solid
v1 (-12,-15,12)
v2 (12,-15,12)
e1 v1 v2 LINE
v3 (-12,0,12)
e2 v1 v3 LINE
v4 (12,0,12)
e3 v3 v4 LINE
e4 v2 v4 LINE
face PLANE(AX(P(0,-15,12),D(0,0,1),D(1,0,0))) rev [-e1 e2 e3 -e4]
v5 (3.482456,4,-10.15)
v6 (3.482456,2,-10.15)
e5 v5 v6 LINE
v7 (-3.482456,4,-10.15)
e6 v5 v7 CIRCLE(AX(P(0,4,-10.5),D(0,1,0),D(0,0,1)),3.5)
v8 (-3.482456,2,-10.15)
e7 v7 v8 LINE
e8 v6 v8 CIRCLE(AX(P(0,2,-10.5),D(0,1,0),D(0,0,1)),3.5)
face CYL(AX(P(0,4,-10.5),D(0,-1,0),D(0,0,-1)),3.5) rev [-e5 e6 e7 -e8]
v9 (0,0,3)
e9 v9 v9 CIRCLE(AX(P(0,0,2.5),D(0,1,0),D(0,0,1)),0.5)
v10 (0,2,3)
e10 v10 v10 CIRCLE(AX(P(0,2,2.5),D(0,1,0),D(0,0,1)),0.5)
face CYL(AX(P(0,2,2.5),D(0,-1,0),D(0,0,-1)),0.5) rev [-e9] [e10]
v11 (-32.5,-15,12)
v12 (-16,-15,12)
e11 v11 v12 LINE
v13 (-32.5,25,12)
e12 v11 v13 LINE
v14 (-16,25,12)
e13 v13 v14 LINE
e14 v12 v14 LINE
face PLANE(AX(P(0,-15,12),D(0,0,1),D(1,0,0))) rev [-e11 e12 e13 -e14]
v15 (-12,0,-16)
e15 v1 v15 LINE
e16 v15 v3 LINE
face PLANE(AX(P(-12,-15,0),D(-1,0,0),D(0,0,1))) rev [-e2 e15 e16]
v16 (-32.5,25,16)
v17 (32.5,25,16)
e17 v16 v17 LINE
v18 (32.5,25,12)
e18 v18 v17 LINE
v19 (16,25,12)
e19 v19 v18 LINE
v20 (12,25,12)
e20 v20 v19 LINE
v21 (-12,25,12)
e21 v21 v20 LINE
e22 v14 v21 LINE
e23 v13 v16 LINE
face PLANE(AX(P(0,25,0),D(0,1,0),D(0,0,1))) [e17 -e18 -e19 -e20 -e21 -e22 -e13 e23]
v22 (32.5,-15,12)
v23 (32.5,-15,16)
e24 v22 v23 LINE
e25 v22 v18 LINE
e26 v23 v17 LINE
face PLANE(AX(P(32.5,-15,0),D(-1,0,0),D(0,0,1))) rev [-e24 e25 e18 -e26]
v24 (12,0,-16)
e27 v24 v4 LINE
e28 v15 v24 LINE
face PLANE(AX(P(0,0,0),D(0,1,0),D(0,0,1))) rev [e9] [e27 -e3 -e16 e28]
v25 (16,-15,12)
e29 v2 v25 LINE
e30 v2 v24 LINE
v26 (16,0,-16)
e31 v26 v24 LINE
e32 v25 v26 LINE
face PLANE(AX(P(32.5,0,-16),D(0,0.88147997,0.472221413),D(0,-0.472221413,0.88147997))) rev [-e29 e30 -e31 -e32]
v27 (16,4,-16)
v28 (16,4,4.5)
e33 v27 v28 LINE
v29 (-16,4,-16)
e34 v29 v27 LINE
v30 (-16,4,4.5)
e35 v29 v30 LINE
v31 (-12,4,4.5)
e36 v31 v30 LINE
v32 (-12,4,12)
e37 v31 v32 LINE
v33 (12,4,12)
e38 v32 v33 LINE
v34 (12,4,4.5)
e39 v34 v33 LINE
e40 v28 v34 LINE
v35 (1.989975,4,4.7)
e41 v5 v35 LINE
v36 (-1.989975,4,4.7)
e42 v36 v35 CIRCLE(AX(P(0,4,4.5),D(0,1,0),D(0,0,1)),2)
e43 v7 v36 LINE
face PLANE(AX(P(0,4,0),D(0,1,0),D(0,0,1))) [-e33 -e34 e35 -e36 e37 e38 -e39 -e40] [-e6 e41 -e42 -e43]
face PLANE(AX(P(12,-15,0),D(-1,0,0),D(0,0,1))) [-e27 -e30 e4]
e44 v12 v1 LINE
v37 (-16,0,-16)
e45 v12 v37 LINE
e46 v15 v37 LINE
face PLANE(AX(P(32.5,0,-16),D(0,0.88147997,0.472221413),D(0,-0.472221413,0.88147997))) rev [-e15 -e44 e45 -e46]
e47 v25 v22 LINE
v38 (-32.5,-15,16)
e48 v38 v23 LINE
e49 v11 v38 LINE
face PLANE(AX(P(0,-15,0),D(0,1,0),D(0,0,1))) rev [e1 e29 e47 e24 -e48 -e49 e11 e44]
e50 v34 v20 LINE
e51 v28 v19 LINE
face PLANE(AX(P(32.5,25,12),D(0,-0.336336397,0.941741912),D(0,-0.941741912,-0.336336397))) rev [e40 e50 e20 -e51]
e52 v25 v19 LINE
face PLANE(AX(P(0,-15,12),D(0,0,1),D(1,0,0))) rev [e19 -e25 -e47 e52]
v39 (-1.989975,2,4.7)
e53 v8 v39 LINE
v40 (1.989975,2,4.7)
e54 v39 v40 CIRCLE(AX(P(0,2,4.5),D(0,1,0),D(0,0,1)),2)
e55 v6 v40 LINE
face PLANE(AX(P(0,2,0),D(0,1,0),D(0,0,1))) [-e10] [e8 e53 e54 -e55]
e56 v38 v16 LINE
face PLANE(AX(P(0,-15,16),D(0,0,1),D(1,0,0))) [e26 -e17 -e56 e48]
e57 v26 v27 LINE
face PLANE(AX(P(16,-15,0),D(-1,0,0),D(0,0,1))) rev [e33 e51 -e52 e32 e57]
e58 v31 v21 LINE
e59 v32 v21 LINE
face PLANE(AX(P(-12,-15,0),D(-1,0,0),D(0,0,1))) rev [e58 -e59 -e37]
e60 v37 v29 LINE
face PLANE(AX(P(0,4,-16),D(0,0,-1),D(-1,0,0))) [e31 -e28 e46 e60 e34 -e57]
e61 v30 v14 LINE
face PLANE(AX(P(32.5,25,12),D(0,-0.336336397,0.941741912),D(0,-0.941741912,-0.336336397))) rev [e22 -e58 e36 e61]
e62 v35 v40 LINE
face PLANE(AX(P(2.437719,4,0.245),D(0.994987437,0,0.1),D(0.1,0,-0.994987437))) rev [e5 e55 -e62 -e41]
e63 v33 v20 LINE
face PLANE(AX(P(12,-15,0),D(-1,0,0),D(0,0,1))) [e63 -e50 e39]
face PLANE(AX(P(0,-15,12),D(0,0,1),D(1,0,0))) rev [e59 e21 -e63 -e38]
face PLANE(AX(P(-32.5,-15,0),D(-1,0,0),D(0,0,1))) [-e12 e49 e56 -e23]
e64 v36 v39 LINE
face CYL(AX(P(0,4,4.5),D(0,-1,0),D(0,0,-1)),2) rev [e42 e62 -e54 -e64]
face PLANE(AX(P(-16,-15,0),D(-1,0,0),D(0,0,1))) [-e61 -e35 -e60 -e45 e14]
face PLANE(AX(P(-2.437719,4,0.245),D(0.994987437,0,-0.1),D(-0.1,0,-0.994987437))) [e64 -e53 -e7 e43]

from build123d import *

# Parameters (mm, degrees)
SKETCH_1_W               = 24
SKETCH_1_H               = 28
EXTRUDE_2_DEPTH          = 4
SKETCH_1_5_R             = 0.5
EXTRUDE_4_DEPTH          = 2
EXTRUDE_5_DEPTH          = 25
EXTRUDE_5_DEPTH_BACK     = 15
CUT_EXTRUDE_1_DEPTH      = 54.490653389
CUT_EXTRUDE_1_DEPTH_BACK = 54.490653389
CUT_EXTRUDE_2_DEPTH      = 54.490653389
CUT_EXTRUDE_2_DEPTH_BACK = 54.490653389
CUT_EXTRUDE_4_DEPTH      = 54.490653389
CUT_EXTRUDE_4_DEPTH_BACK = 54.490653389


with BuildPart() as part:
    # 草图1 → 凸台-拉伸2 (new body)
    with BuildSketch(Plane(origin=(0, 0, 0), x_dir=(1, 0, 0), z_dir=(0, 1, 0))):
        with Locations((0, 2)):
            Rectangle(SKETCH_1_W, SKETCH_1_H)
        with BuildLine():
            Line((-1.989974874, -4.7), (-3.48245603, 10.15))
            ThreePointArc((-3.48245603, 10.15), (-0.175219713, 13.995611256), (3.5, 10.5))
            ThreePointArc((3.5, 10.5), (3.495611256, 10.324780287), (3.48245603, 10.15))
            Line((3.48245603, 10.15), (1.989974874, -4.7))
            ThreePointArc((1.989974874, -4.7), (0, -6.5), (-1.989974874, -4.7))
        make_face(mode=Mode.SUBTRACT)
    extrude(amount=EXTRUDE_2_DEPTH)

    # 草图1<5> → 凸台-拉伸4 (add)
    with BuildSketch(Plane(origin=(0, 0, 0), x_dir=(1, 0, 0), z_dir=(0, 1, 0))):
        with BuildLine():
            Line((1.989974874, -4.7), (3.48245603, 10.15))
            ThreePointArc((3.48245603, 10.15), (0, 14), (-3.48245603, 10.15))
            Line((-3.48245603, 10.15), (-1.989974874, -4.7))
            ThreePointArc((-1.989974874, -4.7), (0, -6.5), (1.989974874, -4.7))
        make_face()
        with Locations((0, -2.5)):
            Circle(SKETCH_1_5_R, mode=Mode.SUBTRACT)
    extrude(amount=EXTRUDE_4_DEPTH)

    # 草图1<6> → 凸台-拉伸5 (add, two sides: drawn at the far end of the back side and taken through both)
    with BuildSketch(Plane(origin=(0, 0, 0), x_dir=(1, 0, 0), z_dir=(0, 1, 0)).offset(-EXTRUDE_5_DEPTH_BACK)):
        Polygon((-12, 16), (-16, 16), (-16, -12), (-32.5, -12), (-32.5, -16), (32.5, -16), (32.5, -12), (16, -12), (16, 16), (12, 16), (12, -12), (-12, -12), align=None)
    extrude(amount=EXTRUDE_5_DEPTH + EXTRUDE_5_DEPTH_BACK)

    # 草图5 → 切除-拉伸1 (cut, two sides: drawn at the far end of the back side and taken through both)
    with BuildSketch(Plane.ZY.offset(-12).offset(-CUT_EXTRUDE_1_DEPTH_BACK)):
        Polygon((-16, 4), (12, 25), (-16, 25), align=None)
    extrude(amount=CUT_EXTRUDE_1_DEPTH + CUT_EXTRUDE_1_DEPTH_BACK, mode=Mode.SUBTRACT)

    # 草图6 → 切除-拉伸2 (cut, two sides: drawn at the far end of the back side and taken through both)
    with BuildSketch(Plane.ZY.offset(-12).offset(-CUT_EXTRUDE_2_DEPTH_BACK)):
        Polygon((-16, 0), (12, -15), (-16, -15), align=None)
    extrude(amount=CUT_EXTRUDE_2_DEPTH + CUT_EXTRUDE_2_DEPTH_BACK, mode=Mode.SUBTRACT)

    # 草图8 → 切除-拉伸4 (cut, two sides: drawn at the far end of the back side and taken through both)
    with BuildSketch(Plane.ZY.offset(-12).offset(-CUT_EXTRUDE_4_DEPTH_BACK)):
        Polygon((4.5, 4), (-16, 4), (0.673039493, 16.50477962), (12, 25), align=None)
    extrude(amount=CUT_EXTRUDE_4_DEPTH + CUT_EXTRUDE_4_DEPTH_BACK, mode=Mode.SUBTRACT)


solid = part.part
